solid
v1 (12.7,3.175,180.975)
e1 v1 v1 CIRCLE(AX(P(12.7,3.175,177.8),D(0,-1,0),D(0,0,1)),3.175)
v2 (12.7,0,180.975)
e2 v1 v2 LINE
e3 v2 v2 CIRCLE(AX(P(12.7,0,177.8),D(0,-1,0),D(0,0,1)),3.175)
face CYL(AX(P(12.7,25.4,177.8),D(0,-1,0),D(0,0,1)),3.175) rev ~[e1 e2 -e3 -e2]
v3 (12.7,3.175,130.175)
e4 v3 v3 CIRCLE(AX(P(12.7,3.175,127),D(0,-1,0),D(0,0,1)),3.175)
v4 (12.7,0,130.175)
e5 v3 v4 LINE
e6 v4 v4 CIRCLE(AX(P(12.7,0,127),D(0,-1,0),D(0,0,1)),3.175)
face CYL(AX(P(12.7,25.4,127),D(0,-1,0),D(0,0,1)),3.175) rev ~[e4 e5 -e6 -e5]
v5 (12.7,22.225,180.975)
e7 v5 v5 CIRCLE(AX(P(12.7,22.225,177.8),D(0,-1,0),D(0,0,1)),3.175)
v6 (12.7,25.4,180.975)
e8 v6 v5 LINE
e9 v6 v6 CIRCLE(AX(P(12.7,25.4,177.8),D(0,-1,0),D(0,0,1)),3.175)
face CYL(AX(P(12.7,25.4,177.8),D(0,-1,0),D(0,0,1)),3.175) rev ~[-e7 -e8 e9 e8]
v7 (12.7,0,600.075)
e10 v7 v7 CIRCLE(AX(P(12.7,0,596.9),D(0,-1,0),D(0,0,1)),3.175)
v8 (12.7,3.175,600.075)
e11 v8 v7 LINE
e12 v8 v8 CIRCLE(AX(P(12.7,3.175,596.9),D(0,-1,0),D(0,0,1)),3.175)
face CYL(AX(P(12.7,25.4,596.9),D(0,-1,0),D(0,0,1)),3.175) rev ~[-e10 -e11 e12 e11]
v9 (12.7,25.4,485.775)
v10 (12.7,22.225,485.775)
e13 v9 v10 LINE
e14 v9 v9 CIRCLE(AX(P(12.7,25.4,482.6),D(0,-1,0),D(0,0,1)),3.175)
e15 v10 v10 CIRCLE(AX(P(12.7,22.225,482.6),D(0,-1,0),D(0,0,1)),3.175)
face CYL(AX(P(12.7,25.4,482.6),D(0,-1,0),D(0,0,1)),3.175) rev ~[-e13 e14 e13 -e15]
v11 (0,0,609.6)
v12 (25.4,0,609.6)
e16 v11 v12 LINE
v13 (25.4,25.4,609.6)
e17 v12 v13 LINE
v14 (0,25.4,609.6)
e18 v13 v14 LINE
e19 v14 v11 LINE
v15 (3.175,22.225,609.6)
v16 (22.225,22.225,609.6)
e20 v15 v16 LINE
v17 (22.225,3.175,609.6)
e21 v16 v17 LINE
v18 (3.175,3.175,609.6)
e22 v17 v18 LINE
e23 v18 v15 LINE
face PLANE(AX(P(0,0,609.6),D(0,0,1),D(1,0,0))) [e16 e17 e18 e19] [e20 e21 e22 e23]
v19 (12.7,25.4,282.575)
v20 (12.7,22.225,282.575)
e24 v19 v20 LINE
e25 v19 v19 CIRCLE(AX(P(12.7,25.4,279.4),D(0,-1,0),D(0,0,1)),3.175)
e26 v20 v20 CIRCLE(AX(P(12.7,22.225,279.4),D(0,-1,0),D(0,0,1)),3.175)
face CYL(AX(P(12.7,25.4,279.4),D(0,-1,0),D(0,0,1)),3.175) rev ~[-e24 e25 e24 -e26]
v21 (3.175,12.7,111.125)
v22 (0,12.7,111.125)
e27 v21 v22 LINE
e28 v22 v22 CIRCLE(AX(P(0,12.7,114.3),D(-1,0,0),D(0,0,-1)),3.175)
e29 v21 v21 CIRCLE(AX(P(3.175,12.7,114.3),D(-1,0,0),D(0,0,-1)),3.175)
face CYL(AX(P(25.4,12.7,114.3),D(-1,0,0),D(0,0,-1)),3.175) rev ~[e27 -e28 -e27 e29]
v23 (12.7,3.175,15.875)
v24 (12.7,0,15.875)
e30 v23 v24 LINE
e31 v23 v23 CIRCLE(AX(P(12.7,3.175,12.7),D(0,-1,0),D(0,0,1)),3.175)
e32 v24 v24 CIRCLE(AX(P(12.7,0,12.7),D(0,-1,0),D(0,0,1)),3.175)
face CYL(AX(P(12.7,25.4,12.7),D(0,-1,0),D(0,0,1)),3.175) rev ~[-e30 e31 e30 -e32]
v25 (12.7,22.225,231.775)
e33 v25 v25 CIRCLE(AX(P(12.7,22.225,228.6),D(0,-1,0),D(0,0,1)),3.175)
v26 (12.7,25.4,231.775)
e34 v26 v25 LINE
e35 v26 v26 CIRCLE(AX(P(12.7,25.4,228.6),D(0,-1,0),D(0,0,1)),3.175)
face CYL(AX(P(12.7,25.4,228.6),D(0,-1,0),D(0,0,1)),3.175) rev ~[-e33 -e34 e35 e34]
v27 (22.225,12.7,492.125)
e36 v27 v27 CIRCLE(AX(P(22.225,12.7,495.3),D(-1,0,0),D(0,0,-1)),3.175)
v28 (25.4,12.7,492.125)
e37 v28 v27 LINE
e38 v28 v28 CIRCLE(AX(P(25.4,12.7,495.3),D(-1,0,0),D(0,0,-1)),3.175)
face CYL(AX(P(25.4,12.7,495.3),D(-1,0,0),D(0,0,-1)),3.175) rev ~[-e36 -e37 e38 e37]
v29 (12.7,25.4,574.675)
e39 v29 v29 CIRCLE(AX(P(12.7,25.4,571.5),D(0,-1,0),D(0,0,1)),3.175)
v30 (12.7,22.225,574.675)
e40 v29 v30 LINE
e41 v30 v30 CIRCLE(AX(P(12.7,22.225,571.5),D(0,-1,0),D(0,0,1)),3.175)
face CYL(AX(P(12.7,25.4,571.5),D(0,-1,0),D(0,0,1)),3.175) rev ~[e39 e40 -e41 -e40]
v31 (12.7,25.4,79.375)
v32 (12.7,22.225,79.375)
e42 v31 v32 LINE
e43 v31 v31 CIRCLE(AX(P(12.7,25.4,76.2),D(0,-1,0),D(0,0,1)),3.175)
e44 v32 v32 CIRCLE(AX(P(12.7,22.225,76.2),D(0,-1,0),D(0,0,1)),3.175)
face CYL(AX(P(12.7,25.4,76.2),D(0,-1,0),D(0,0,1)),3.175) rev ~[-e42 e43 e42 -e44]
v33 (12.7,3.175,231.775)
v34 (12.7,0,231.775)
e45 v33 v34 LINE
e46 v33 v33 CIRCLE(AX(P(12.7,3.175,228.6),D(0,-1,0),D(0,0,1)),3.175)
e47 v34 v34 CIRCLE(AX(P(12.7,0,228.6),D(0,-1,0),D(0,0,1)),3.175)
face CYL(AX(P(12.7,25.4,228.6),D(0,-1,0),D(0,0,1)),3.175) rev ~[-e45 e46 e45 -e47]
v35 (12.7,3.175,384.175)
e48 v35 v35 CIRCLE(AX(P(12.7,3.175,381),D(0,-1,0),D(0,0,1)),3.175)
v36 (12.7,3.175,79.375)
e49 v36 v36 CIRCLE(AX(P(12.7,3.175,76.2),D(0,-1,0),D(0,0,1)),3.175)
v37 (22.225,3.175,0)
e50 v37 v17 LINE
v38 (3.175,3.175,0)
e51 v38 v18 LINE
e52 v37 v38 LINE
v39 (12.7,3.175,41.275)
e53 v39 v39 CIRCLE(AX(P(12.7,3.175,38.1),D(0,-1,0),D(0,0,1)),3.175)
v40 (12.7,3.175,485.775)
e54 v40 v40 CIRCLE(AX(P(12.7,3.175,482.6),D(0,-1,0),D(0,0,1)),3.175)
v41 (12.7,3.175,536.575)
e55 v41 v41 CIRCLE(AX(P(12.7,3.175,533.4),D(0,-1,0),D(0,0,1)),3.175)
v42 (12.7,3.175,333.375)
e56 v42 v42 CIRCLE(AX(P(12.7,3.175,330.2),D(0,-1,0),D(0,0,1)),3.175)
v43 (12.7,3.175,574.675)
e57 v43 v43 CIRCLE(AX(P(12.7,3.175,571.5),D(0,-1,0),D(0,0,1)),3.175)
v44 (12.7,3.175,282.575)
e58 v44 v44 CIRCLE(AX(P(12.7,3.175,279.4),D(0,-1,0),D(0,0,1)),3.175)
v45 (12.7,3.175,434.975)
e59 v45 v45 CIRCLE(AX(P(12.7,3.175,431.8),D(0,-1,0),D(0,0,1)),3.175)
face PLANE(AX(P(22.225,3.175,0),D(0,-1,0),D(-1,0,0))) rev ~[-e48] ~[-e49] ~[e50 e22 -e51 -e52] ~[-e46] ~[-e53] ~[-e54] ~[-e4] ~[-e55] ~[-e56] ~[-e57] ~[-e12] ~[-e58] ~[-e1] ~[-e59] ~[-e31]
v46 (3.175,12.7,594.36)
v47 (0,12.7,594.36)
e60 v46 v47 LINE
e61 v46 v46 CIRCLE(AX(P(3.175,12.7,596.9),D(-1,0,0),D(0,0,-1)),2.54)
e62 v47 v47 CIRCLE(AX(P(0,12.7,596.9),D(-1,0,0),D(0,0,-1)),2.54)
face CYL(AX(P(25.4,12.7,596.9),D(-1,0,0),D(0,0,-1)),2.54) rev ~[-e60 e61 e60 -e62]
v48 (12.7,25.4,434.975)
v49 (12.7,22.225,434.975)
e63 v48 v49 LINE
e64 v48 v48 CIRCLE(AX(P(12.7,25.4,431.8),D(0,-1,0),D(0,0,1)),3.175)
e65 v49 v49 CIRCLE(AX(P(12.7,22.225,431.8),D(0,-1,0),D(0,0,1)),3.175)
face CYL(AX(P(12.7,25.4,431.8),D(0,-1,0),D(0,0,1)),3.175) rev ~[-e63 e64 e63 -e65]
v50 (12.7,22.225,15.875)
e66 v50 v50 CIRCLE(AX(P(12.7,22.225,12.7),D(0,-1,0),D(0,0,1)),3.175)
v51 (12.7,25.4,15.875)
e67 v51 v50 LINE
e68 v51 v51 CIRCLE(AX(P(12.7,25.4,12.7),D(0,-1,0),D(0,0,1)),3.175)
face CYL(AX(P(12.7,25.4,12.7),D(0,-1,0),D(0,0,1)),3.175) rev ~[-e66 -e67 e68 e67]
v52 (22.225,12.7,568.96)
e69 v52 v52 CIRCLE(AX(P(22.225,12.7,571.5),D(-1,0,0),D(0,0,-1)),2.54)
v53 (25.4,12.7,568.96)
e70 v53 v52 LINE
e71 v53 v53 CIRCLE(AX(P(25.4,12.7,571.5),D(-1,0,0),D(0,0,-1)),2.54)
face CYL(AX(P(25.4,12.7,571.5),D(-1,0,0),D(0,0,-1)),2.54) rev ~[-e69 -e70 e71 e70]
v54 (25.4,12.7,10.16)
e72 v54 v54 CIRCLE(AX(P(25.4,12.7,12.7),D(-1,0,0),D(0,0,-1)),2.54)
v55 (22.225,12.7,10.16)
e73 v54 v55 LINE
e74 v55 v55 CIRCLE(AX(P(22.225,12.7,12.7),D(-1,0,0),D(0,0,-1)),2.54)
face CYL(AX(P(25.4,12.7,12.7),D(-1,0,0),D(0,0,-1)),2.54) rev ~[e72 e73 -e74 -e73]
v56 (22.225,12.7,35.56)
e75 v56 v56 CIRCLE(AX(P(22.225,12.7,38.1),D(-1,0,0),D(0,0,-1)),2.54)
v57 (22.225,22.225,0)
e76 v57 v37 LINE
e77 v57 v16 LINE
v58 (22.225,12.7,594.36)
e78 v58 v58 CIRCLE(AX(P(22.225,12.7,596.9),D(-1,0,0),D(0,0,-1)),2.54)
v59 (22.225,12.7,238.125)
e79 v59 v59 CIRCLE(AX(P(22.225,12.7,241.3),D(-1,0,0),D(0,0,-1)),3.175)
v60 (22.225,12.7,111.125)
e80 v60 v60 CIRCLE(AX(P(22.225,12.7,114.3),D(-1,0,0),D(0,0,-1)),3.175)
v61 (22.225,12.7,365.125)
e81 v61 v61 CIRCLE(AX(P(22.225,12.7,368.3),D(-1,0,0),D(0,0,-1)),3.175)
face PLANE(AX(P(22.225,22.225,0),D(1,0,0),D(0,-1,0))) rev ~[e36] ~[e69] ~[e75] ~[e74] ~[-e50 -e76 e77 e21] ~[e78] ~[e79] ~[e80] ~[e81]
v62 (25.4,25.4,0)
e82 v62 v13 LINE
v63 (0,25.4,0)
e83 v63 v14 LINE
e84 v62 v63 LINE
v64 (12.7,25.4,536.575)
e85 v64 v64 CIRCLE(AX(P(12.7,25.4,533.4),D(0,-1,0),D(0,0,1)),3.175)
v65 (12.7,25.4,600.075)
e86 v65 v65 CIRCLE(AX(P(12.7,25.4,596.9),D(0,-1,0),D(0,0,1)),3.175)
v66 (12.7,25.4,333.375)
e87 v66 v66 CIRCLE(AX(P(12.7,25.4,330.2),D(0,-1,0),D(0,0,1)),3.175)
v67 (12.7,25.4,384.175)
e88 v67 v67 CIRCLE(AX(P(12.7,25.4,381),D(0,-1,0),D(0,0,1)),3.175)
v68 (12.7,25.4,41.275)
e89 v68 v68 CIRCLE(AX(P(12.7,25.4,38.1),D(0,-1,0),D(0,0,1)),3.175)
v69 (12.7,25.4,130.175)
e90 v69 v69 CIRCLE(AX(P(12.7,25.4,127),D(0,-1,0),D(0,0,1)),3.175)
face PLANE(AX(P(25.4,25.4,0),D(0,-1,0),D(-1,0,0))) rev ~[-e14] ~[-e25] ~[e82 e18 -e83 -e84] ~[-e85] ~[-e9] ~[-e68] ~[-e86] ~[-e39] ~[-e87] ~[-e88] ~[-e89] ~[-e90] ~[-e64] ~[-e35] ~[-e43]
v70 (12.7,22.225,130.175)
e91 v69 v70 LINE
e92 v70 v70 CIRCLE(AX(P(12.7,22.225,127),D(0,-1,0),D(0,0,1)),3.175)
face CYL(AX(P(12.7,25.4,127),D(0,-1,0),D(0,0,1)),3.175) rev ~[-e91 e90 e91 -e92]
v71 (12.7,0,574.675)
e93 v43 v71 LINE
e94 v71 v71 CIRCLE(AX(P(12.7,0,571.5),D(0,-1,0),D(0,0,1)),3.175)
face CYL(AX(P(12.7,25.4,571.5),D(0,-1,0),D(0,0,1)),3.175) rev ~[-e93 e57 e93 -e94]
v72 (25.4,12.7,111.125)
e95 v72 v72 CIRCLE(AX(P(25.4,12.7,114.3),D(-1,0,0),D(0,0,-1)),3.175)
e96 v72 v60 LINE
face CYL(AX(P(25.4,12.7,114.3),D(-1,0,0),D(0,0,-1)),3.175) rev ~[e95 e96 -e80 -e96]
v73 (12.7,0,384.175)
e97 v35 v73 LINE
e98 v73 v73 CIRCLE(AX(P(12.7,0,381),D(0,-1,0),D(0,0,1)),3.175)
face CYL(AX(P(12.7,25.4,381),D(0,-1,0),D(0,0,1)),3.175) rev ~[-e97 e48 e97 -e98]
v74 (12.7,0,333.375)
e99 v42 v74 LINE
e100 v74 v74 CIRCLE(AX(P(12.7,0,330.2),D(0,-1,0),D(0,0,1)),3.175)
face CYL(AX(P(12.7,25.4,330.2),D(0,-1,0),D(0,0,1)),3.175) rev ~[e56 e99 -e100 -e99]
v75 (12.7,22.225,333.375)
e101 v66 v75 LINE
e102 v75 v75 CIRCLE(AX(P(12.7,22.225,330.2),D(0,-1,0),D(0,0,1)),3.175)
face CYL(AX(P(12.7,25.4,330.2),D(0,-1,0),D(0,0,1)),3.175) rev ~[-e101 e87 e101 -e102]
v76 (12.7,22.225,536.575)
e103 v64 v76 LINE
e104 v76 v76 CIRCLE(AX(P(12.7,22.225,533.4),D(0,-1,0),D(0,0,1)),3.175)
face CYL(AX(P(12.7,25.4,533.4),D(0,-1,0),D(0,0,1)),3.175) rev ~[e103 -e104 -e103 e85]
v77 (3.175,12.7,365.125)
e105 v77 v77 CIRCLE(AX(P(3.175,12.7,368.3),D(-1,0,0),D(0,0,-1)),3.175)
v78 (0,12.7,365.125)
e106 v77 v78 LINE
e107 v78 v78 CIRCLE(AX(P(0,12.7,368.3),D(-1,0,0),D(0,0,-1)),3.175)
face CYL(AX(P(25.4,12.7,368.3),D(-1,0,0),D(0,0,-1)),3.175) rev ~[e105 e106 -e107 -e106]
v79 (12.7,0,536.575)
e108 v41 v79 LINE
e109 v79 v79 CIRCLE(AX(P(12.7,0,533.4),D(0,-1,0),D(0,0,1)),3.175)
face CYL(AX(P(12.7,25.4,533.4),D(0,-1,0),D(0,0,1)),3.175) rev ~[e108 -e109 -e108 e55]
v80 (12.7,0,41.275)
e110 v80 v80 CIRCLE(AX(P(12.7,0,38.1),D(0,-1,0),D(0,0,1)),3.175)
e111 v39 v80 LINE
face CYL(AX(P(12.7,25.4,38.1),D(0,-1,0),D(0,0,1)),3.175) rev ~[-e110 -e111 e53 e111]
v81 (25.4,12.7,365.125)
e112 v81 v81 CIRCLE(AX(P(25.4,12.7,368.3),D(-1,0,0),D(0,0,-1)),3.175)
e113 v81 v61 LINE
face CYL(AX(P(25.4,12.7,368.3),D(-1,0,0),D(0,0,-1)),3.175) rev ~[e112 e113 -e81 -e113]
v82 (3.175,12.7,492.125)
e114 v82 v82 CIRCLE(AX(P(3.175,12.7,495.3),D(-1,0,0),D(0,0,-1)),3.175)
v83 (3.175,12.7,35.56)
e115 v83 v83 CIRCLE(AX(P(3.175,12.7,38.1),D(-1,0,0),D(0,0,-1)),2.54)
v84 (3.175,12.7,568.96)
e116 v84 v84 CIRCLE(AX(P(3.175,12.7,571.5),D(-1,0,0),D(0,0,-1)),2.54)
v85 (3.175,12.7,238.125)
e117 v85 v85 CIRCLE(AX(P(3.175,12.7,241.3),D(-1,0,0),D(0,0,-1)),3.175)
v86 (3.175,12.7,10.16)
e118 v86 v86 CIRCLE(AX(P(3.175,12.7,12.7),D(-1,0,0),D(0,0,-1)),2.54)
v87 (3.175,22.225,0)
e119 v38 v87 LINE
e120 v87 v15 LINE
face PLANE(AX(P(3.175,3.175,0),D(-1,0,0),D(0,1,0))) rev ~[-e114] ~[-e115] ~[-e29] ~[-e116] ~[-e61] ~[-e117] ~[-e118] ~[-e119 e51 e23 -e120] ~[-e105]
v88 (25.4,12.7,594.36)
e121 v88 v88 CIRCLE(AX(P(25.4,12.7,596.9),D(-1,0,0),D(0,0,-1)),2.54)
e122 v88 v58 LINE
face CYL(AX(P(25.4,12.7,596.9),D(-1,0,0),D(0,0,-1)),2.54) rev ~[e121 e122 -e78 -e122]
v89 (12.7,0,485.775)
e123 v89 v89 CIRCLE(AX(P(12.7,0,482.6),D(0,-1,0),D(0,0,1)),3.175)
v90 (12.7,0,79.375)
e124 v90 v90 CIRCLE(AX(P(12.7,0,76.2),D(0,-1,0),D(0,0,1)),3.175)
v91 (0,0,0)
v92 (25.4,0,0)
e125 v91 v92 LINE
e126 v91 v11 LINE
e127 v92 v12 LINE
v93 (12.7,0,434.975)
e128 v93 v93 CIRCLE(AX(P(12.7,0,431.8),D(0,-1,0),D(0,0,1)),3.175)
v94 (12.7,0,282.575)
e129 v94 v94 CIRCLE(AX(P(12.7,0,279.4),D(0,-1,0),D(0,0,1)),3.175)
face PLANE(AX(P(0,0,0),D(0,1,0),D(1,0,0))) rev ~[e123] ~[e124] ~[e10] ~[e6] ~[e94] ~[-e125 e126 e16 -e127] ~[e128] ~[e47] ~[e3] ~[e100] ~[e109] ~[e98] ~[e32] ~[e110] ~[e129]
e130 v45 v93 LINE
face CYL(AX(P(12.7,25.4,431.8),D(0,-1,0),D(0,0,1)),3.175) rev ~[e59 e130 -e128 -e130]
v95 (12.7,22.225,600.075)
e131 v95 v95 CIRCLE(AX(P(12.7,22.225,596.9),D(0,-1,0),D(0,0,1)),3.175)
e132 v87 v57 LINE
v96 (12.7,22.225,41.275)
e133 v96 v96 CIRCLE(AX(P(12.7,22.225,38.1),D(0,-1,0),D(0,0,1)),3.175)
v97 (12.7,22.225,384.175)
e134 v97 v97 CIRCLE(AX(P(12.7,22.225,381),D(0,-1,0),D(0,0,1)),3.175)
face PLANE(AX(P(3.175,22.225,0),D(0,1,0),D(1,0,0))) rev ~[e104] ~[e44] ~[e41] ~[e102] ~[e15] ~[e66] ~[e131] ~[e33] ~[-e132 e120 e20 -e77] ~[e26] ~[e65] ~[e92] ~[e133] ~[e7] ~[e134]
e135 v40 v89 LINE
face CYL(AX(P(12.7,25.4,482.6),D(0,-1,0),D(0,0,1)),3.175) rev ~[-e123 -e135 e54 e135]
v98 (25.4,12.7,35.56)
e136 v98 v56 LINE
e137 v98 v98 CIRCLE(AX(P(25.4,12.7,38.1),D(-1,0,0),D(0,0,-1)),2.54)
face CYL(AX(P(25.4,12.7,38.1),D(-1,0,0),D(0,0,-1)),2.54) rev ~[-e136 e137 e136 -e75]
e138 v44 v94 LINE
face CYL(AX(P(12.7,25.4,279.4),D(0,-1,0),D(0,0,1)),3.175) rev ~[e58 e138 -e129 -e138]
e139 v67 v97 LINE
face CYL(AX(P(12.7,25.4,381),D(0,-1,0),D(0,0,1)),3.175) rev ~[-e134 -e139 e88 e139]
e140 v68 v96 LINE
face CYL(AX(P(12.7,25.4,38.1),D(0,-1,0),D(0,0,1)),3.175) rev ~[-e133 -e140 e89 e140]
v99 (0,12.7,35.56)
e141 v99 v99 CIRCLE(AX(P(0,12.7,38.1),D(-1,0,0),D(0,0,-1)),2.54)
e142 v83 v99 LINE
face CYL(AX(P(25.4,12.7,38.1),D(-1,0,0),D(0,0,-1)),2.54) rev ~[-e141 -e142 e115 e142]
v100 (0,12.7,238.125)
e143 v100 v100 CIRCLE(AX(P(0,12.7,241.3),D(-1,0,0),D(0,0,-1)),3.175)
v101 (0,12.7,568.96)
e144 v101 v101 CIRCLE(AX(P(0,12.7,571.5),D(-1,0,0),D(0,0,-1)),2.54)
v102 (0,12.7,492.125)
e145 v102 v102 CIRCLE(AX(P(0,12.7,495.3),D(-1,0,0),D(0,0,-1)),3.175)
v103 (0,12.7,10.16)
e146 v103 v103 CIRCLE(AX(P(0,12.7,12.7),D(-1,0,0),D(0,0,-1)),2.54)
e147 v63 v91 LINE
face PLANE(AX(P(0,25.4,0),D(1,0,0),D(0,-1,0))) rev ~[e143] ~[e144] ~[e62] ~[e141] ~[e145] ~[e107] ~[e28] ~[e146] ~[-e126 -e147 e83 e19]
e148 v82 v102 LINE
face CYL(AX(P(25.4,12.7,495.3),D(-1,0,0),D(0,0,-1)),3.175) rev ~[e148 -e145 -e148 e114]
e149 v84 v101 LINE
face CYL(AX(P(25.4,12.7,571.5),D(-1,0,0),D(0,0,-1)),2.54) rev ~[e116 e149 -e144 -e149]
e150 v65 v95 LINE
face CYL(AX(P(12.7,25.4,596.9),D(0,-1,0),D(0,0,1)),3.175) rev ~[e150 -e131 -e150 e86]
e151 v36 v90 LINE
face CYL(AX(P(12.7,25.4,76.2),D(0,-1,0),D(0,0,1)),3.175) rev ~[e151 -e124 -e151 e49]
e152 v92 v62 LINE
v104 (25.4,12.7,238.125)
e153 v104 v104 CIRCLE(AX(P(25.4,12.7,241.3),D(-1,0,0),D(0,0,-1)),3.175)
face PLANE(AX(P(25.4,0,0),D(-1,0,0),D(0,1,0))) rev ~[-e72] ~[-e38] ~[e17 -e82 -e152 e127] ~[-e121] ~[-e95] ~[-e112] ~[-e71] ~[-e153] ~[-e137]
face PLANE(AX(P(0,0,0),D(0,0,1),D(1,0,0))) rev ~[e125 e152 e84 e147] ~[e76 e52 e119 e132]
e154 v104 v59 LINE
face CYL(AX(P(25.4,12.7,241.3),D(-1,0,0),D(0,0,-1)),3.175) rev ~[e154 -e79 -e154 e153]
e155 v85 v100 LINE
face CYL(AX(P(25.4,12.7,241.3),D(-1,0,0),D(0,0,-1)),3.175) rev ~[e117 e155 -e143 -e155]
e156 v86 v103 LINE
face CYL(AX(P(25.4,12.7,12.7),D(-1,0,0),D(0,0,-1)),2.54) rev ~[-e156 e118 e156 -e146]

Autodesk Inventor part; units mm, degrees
ref_plane "YZ Plane" through (0, 0, 0) normal (1, 0, 0) x (0, 1, 0)
ref_plane "XZ Plane" through (0, 0, 0) normal (0, 1, 0) x (-1, 0, 0)
ref_plane "XY Plane" through (0, 0, 0) normal (0, 0, 1) x (1, 0, 0)
sketch "Sketch1" plane through (0, 0, 0) normal (0, 0, 1) x (1, 0, 0)
  line L0 (0, 0) -> (25.4, 0)
  line L1 (25.4, 0) -> (25.4, 25.4)
  line L2 (25.4, 25.4) -> (0, 25.4)
  line L3 (0, 25.4) -> (0, 0)
  line L4 (3.175, 22.225) -> (22.225, 22.225)
  line L5 (22.225, 22.225) -> (22.225, 3.175)
  line L6 (22.225, 3.175) -> (3.175, 3.175)
  line L7 (3.175, 3.175) -> (3.175, 22.225)
  dimension "d0" = 25.4
  dimension "d1" = 25.4
  dimension "d2" = 3.175
extrude "Extrusion1" add sketch "Sketch1" along normal blind 609.6
sketch "Sketch2" plane through (0, 25.4, 0) normal (0, 1, 0) x (1, 0, 0)
  line L0 (25.4, 0) -> (25.4, -609.6) projected
  line L1 (25.4, -609.6) -> (0, -609.6) projected
  point P0 (0, 0)
  point P1 (12.7, -596.9)
  dimension "d12" = 12.7
  dimension "d13" = 12.7
hole "Hole1" at (12.7, 25.4, 596.9) direction (0, -1, 0) diameter 6.35 end through all
sketch "Sketch3" plane through (0, 25.4, 0) normal (0, 1, 0) x (1, 0, 0)
  line L0 (25.4, 0) -> (0, 0) projected
  line L1 (25.4, 0) -> (25.4, -609.6) projected
  point P0 (12.7, -12.7)
  dimension "d14" = 12.7
  dimension "d15" = 12.7
hole "Hole2" at (12.7, 25.4, 12.7) direction (0, -1, 0) diameter 6.35 end through all
pattern_linear "Rectangular Pattern1" count 2 spacing 25.4 along (0, 0, -1) count 2 spacing 25.4 along (0, 0, 1) of "Hole1", "Hole2"
sketch "Sketch4" plane through (25.4, 0, 0) normal (1, 0, 0) x (0, 0, -1)
  line L0 (0, 25.4) -> (-609.6, 25.4) projected
  line L1 (-609.6, 0) -> (-609.6, 25.4) projected
  line L2 (0, 0) -> (0, 25.4) projected
  point P0 (-596.9, 12.7)
  point P1 (-12.7, 12.7)
  dimension "d29" = 12.7
  dimension "d30" = 12.7
  dimension "d31" = 12.7
  dimension "d32" = 12.7
hole "Hole3" at (25.4, 12.7, 596.9) at (25.4, 12.7, 12.7) direction (-1, 0, 0) diameter 5.08 end through all
pattern_linear "Rectangular Pattern2" count 2 spacing 25.4 along (0, 0, -1) count 2 spacing 25.4 along (0, 0, 1) of "Hole3"
sketch "Sketch5" plane through (0, 25.4, 0) normal (0, 1, 0) x (1, 0, 0)
  line L0 (25.4, 0) -> (25.4, -609.6) projected
  circle A0 centre (12.7, -571.5) radius 3.175 projected
  point P0 (0, 0)
  point P1 (12.7, -533.4)
  dimension "d46" = 12.7
  dimension "d54" = 38.1
hole "Hole4" at (12.7, 25.4, 533.4) direction (0, -1, 0) diameter 6.35 end through all
pattern_linear "Rectangular Pattern3" count 10 spacing 50.8 along (0, 0, -1) of "Hole4"
sketch "Sketch6" plane through (25.4, 0, 0) normal (1, 0, 0) x (0, 0, -1)
  line L0 (0, 25.4) -> (-609.6, 25.4) projected
  line L1 (-609.6, 0) -> (-609.6, 25.4) projected
  point P0 (0, 0)
  point P1 (-495.3, 12.7)
  dimension "d58" = 12.7
  dimension "d66" = 114.3
hole "Hole5" at (25.4, 12.7, 495.3) direction (-1, 0, 0) diameter 6.35 end through all
pattern_linear "Rectangular Pattern4" count 4 spacing 127 along (0, 0, -1) of "Hole5"
equation "\"d0\" = d1"
properties part number "testRoboRescue_Chassis_Frame_widthBar" material "Aluminum 6061"
